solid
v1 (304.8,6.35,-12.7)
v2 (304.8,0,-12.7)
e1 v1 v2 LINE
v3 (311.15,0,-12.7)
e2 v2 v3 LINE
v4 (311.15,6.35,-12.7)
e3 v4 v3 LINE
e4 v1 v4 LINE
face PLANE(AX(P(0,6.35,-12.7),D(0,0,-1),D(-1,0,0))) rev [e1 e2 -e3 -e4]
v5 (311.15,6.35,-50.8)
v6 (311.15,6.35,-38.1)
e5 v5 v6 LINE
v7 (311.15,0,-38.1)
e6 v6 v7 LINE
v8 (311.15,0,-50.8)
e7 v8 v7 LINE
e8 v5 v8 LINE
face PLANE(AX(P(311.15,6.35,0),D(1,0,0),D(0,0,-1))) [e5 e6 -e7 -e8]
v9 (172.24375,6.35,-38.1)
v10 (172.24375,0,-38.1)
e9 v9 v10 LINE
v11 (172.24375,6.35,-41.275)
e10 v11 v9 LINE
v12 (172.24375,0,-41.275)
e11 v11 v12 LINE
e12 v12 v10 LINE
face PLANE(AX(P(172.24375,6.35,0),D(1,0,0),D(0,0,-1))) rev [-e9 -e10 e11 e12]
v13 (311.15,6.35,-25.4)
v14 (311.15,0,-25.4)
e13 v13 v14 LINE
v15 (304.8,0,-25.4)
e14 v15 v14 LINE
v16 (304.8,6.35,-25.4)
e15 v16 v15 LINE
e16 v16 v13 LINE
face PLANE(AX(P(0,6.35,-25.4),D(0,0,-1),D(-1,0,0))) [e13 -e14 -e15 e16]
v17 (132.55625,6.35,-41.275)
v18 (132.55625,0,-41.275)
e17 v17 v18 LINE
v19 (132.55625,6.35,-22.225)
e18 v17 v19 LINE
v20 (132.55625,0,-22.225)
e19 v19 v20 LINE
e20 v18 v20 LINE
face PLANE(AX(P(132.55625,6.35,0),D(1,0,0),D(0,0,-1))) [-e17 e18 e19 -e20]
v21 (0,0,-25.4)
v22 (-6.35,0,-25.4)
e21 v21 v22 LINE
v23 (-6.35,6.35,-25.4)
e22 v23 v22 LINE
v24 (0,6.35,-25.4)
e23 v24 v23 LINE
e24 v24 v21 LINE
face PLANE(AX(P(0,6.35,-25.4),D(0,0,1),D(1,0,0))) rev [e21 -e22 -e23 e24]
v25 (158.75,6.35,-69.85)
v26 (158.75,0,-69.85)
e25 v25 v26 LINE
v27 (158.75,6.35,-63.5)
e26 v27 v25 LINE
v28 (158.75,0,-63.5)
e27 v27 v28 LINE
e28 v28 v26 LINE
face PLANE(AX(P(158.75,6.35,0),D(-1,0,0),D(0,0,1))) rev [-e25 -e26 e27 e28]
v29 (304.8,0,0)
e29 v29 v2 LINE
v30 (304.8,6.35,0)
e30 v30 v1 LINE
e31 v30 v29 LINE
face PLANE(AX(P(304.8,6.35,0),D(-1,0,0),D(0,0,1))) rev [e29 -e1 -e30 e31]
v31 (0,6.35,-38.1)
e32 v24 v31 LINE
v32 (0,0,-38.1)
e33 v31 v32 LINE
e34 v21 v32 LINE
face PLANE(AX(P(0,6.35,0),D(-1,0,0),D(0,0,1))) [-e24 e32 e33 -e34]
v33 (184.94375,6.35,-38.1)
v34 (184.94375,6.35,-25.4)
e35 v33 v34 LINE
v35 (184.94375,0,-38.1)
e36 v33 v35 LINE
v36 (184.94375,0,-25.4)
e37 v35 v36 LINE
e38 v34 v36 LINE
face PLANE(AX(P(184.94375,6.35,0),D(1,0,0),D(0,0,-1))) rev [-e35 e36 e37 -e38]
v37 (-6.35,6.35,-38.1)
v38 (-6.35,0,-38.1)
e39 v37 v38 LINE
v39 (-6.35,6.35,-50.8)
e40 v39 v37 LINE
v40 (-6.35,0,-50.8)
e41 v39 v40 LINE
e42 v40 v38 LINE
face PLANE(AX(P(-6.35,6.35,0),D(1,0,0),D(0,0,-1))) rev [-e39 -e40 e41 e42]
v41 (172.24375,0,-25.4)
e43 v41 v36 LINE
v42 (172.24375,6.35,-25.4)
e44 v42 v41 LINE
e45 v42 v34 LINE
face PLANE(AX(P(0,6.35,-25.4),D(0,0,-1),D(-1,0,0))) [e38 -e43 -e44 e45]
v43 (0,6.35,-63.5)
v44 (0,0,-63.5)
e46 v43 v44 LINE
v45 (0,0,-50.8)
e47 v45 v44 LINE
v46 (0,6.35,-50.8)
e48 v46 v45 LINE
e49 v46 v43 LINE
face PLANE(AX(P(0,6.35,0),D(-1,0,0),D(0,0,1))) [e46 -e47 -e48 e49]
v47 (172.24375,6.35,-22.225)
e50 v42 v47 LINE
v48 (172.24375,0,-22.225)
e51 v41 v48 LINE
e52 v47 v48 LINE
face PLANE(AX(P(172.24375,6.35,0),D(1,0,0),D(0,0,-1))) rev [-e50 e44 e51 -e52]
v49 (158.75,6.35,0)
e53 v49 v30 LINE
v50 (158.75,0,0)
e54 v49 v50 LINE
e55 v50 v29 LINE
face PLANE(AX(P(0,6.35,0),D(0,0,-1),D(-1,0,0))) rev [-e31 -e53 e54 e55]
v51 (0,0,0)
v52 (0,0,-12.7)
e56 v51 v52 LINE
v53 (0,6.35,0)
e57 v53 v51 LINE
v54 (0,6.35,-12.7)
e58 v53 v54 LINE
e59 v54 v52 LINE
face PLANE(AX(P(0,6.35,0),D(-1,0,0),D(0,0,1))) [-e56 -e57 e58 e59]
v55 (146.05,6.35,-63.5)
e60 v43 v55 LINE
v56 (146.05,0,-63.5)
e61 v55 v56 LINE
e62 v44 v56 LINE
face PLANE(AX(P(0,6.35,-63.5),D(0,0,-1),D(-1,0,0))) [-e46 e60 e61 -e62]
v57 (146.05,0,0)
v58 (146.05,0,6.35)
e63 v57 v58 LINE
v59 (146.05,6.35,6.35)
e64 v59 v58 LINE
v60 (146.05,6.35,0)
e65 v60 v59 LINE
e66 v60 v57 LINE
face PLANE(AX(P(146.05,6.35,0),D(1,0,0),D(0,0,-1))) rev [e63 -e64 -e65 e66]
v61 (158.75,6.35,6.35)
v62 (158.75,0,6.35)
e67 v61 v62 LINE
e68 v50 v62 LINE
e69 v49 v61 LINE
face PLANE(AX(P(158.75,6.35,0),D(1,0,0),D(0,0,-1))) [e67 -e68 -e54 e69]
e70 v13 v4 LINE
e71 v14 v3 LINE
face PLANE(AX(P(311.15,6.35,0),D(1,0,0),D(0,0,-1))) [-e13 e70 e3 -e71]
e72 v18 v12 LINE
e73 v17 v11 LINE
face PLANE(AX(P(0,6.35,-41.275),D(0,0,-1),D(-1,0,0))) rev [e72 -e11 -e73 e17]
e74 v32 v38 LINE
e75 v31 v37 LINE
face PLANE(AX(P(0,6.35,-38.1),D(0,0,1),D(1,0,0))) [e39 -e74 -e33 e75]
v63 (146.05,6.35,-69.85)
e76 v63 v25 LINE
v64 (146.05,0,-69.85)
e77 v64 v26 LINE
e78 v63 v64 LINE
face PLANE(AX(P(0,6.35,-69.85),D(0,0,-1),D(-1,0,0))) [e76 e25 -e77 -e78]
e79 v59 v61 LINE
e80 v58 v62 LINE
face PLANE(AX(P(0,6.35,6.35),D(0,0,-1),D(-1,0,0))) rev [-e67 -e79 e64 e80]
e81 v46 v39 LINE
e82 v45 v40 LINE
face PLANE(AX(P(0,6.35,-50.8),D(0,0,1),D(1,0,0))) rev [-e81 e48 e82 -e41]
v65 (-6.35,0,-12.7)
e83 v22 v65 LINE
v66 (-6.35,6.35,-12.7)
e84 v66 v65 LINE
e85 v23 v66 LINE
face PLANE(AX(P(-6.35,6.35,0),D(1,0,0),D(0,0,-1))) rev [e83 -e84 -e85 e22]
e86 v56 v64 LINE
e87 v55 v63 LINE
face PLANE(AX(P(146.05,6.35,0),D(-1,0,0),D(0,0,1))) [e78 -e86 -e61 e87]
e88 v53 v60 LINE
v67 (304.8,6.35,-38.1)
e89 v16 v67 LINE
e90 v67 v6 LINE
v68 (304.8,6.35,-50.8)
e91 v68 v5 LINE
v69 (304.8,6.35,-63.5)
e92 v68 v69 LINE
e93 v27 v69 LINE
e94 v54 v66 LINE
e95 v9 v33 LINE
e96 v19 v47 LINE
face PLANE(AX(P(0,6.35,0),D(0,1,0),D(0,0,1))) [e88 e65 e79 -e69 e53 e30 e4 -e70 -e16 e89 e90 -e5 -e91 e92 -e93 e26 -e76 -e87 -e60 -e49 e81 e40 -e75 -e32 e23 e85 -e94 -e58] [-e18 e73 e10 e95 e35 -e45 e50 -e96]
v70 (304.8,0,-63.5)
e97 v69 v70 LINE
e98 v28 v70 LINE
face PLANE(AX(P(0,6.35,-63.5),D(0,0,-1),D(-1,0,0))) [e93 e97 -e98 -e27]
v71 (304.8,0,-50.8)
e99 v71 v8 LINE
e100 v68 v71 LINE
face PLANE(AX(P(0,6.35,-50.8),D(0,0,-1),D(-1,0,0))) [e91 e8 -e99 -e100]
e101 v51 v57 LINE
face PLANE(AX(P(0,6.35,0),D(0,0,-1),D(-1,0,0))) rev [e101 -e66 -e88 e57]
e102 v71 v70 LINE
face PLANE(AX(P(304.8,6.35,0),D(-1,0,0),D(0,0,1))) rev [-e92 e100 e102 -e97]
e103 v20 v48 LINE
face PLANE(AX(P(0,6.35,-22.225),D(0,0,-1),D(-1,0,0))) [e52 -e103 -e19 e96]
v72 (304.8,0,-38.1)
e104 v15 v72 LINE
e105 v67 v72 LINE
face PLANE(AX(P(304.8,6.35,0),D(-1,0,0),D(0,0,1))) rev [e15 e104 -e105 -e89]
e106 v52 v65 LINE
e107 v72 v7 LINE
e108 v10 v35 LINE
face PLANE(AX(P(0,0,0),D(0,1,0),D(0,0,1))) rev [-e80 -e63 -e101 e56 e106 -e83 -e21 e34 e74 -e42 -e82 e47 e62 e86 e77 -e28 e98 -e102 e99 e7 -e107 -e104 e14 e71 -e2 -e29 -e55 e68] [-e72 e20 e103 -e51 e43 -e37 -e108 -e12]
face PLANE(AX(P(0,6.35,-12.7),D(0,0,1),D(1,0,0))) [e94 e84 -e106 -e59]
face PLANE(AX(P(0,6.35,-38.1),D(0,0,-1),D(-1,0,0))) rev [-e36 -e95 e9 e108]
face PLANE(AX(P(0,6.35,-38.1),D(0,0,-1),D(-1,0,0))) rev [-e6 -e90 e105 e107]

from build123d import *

# Parameters (mm, degrees)
BOSS_EXTRUDE1_DEPTH = 6.35


with BuildPart() as part:
    # Sketch1 → Boss-Extrude1 (new body)
    with BuildSketch(Plane(origin=(0, 0, 0), x_dir=(1, 0, 0), z_dir=(0, 1, 0))):
        Polygon((0, 0), (146.05, 0), (146.05, -6.35), (158.75, -6.35), (158.75, 0), (304.8, 0), (304.8, 12.7), (311.15, 12.7), (311.15, 25.4), (304.8, 25.4), (304.8, 38.1), (311.15, 38.1), (311.15, 50.8), (304.8, 50.8), (304.8, 63.5), (158.75, 63.5), (158.75, 69.85), (146.05, 69.85), (146.05, 63.5), (0, 63.5), (0, 50.8), (-6.35, 50.8), (-6.35, 38.1), (0, 38.1), (0, 25.4), (-6.35, 25.4), (-6.35, 12.7), (0, 12.7), align=None)
        Polygon((132.55625, 22.225), (132.55625, 41.275), (172.24375, 41.275), (172.24375, 38.1), (184.94375, 38.1), (184.94375, 25.4), (172.24375, 25.4), (172.24375, 22.225), align=None, mode=Mode.SUBTRACT)
    extrude(amount=BOSS_EXTRUDE1_DEPTH)


solid = part.part
